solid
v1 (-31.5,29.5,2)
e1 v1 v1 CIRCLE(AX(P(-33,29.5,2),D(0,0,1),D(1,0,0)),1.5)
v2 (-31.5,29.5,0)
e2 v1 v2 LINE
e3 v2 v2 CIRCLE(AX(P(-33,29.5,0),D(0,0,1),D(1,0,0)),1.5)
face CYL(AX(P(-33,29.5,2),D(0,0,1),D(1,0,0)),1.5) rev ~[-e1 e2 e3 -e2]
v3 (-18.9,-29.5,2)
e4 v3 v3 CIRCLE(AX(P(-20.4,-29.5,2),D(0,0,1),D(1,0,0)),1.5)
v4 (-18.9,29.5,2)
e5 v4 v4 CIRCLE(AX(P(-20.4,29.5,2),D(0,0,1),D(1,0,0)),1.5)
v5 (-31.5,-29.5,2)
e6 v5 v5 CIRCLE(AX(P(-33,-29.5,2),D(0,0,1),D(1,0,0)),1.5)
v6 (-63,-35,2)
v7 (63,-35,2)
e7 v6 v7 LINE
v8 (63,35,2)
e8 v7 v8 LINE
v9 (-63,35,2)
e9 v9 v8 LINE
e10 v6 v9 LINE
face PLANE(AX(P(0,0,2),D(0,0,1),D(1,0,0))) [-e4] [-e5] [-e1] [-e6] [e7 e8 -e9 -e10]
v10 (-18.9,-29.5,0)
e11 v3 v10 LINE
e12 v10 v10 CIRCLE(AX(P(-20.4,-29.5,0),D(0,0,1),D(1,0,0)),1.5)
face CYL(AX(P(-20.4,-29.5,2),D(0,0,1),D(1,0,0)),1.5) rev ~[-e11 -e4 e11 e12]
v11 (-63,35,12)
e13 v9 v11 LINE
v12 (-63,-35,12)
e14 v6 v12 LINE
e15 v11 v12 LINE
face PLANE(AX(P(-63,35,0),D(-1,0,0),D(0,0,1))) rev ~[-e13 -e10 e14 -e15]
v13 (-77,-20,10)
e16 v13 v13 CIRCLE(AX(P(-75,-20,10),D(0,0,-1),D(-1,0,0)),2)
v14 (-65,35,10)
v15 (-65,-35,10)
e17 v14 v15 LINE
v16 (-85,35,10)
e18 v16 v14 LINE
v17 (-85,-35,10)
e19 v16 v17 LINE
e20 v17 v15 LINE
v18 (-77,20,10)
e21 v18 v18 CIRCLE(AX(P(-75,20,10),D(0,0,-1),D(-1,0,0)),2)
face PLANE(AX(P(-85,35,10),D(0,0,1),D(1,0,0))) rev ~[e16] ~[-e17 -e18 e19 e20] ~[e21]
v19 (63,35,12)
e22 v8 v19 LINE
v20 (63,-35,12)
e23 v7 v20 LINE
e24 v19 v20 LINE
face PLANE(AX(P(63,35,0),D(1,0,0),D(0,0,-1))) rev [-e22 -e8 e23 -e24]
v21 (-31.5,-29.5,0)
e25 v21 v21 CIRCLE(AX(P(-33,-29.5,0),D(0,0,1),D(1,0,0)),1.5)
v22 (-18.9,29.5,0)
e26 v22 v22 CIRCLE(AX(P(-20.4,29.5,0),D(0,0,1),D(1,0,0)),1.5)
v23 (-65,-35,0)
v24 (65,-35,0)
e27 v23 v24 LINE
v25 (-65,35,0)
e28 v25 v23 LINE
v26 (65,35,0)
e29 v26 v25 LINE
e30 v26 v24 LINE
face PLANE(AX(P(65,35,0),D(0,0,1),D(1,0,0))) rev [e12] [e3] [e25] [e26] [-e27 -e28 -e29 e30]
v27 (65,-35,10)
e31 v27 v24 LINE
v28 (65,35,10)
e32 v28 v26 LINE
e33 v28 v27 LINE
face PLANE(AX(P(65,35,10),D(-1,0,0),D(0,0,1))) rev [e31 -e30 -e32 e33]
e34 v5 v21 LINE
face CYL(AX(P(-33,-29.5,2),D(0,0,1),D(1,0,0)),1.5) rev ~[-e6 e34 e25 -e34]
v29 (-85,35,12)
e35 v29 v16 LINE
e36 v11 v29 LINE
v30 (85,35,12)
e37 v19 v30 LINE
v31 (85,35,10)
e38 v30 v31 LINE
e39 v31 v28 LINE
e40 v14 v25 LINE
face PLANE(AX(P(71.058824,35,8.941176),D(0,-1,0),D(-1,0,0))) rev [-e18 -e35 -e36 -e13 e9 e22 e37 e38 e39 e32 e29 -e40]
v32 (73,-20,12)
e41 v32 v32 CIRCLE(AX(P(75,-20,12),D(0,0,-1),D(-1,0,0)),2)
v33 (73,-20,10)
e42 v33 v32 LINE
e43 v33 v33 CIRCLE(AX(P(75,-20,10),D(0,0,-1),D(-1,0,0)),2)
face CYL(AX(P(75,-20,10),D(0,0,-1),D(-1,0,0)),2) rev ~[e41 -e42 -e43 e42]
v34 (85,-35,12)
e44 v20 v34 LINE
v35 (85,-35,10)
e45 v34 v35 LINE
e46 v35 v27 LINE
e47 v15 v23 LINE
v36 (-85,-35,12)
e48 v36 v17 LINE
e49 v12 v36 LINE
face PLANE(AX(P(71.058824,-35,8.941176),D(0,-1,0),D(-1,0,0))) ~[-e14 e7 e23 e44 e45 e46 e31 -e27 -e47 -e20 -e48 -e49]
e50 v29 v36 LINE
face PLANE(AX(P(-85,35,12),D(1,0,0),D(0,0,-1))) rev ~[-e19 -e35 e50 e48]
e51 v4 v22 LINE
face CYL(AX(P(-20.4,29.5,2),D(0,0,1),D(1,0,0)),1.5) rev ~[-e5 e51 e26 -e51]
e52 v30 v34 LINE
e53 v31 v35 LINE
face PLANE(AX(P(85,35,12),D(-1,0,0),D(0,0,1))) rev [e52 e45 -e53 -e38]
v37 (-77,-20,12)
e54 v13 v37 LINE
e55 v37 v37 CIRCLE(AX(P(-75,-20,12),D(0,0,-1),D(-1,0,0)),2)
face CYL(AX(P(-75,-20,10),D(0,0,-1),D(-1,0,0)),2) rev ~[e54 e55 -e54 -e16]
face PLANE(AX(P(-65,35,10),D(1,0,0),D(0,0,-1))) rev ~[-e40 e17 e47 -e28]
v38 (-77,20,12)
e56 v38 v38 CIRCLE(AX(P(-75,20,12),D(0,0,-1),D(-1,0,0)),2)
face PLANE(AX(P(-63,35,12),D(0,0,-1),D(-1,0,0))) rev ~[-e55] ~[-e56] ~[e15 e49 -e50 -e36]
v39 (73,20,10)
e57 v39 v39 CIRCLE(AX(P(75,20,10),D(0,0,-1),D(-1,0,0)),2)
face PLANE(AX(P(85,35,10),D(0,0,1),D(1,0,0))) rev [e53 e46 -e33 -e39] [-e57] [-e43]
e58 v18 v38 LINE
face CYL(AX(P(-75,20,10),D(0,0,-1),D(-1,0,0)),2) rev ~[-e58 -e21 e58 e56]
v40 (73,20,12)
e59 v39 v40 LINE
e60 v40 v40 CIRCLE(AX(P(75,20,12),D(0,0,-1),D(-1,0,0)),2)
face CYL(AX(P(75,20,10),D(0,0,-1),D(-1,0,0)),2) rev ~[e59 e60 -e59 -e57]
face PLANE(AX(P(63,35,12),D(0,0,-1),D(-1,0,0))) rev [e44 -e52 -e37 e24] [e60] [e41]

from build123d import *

# Parameters (mm, degrees)
SKETCH1_W           = 126
SKETCH1_H           = 70
BOSS_EXTRUDE1_DEPTH = 2
CUT_EXTRUDE1_REACH  = 4
SKETCH2_R           = 1.5
BOSS_EXTRUDE2_DEPTH = 70
CUT_EXTRUDE2_REACH  = 4
SKETCH4_R           = 2


with BuildPart() as part:
    # Sketch1 → Boss-Extrude1 (new body)
    with BuildSketch(Plane.XY):
        Rectangle(SKETCH1_W, SKETCH1_H)
    extrude(amount=BOSS_EXTRUDE1_DEPTH)

    # Sketch2 → Cut-Extrude1 (cut, up to next)
    with BuildSketch(Plane.XY.offset(2), mode=Mode.PRIVATE) as cut_extrude1_sk1:
        with Locations((-20.4, 29.5)):
            Circle(SKETCH2_R)
    cut_extrude1_tool1 = extrude(cut_extrude1_sk1.sketch, amount=-CUT_EXTRUDE1_REACH, mode=Mode.PRIVATE) & part.part
    add(cut_extrude1_tool1.solids().sort_by_distance((-20.4, 29.5, 2))[0], mode=Mode.SUBTRACT)
    # Sketch2 → Cut-Extrude1 (cut, up to next)
    with BuildSketch(Plane.XY.offset(2), mode=Mode.PRIVATE) as cut_extrude1_sk2:
        with Locations((-33, 29.5)):
            Circle(SKETCH2_R)
    cut_extrude1_tool2 = extrude(cut_extrude1_sk2.sketch, amount=-CUT_EXTRUDE1_REACH, mode=Mode.PRIVATE) & part.part
    add(cut_extrude1_tool2.solids().sort_by_distance((-33, 29.5, 2))[0], mode=Mode.SUBTRACT)
    # Sketch2 → Cut-Extrude1 (cut, up to next)
    with BuildSketch(Plane.XY.offset(2), mode=Mode.PRIVATE) as cut_extrude1_sk3:
        with Locations((-20.4, -29.5)):
            Circle(SKETCH2_R)
    cut_extrude1_tool3 = extrude(cut_extrude1_sk3.sketch, amount=-CUT_EXTRUDE1_REACH, mode=Mode.PRIVATE) & part.part
    add(cut_extrude1_tool3.solids().sort_by_distance((-20.4, -29.5, 2))[0], mode=Mode.SUBTRACT)
    # Sketch2 → Cut-Extrude1 (cut, up to next)
    with BuildSketch(Plane.XY.offset(2), mode=Mode.PRIVATE) as cut_extrude1_sk4:
        with Locations((-33, -29.5)):
            Circle(SKETCH2_R)
    cut_extrude1_tool4 = extrude(cut_extrude1_sk4.sketch, amount=-CUT_EXTRUDE1_REACH, mode=Mode.PRIVATE) & part.part
    add(cut_extrude1_tool4.solids().sort_by_distance((-33, -29.5, 2))[0], mode=Mode.SUBTRACT)

    # Sketch3 → Boss-Extrude2 (add)
    with BuildSketch(Plane(origin=(0, 35, 0), x_dir=(1, 0, 0), z_dir=(0, 1, 0))):
        Polygon((-63, 0), (-63, -12), (-85, -12), (-85, -10), (-65, -10), (-65, 0), align=None)
    boss_extrude2 = extrude(amount=-BOSS_EXTRUDE2_DEPTH)

    # Mirror1: Boss-Extrude2 across plane
    add(boss_extrude2.mirror(Plane(origin=(0, 0, 0), x_dir=(0, 0, 1), z_dir=(1, 0, 0))))

    # Sketch4 → Cut-Extrude2 (cut, up to next)
    with BuildSketch(Plane(origin=(0, 0, 10), x_dir=(-1, 0, 0), z_dir=(0, 0, -1)), mode=Mode.PRIVATE) as cut_extrude2_sk1:
        with Locations((-75, 20)):
            Circle(SKETCH4_R)
    cut_extrude2_tool1 = extrude(cut_extrude2_sk1.sketch, amount=-CUT_EXTRUDE2_REACH, mode=Mode.PRIVATE) & part.part
    add(cut_extrude2_tool1.solids().sort_by_distance((75, 20, 10))[0], mode=Mode.SUBTRACT)
    # Sketch4 → Cut-Extrude2 (cut, up to next)
    with BuildSketch(Plane(origin=(0, 0, 10), x_dir=(-1, 0, 0), z_dir=(0, 0, -1)), mode=Mode.PRIVATE) as cut_extrude2_sk2:
        with Locations((-75, -20)):
            Circle(SKETCH4_R)
    cut_extrude2_tool2 = extrude(cut_extrude2_sk2.sketch, amount=-CUT_EXTRUDE2_REACH, mode=Mode.PRIVATE) & part.part
    add(cut_extrude2_tool2.solids().sort_by_distance((75, -20, 10))[0], mode=Mode.SUBTRACT)
    # Sketch4 → Cut-Extrude2 (cut, up to next)
    with BuildSketch(Plane(origin=(0, 0, 10), x_dir=(-1, 0, 0), z_dir=(0, 0, -1)), mode=Mode.PRIVATE) as cut_extrude2_sk3:
        with Locations((75, 20)):
            Circle(SKETCH4_R)
    cut_extrude2_tool3 = extrude(cut_extrude2_sk3.sketch, amount=-CUT_EXTRUDE2_REACH, mode=Mode.PRIVATE) & part.part
    add(cut_extrude2_tool3.solids().sort_by_distance((-75, 20, 10))[0], mode=Mode.SUBTRACT)
    # Sketch4 → Cut-Extrude2 (cut, up to next)
    with BuildSketch(Plane(origin=(0, 0, 10), x_dir=(-1, 0, 0), z_dir=(0, 0, -1)), mode=Mode.PRIVATE) as cut_extrude2_sk4:
        with Locations((75, -20)):
            Circle(SKETCH4_R)
    cut_extrude2_tool4 = extrude(cut_extrude2_sk4.sketch, amount=-CUT_EXTRUDE2_REACH, mode=Mode.PRIVATE) & part.part
    add(cut_extrude2_tool4.solids().sort_by_distance((-75, -20, 10))[0], mode=Mode.SUBTRACT)


solid = part.part
